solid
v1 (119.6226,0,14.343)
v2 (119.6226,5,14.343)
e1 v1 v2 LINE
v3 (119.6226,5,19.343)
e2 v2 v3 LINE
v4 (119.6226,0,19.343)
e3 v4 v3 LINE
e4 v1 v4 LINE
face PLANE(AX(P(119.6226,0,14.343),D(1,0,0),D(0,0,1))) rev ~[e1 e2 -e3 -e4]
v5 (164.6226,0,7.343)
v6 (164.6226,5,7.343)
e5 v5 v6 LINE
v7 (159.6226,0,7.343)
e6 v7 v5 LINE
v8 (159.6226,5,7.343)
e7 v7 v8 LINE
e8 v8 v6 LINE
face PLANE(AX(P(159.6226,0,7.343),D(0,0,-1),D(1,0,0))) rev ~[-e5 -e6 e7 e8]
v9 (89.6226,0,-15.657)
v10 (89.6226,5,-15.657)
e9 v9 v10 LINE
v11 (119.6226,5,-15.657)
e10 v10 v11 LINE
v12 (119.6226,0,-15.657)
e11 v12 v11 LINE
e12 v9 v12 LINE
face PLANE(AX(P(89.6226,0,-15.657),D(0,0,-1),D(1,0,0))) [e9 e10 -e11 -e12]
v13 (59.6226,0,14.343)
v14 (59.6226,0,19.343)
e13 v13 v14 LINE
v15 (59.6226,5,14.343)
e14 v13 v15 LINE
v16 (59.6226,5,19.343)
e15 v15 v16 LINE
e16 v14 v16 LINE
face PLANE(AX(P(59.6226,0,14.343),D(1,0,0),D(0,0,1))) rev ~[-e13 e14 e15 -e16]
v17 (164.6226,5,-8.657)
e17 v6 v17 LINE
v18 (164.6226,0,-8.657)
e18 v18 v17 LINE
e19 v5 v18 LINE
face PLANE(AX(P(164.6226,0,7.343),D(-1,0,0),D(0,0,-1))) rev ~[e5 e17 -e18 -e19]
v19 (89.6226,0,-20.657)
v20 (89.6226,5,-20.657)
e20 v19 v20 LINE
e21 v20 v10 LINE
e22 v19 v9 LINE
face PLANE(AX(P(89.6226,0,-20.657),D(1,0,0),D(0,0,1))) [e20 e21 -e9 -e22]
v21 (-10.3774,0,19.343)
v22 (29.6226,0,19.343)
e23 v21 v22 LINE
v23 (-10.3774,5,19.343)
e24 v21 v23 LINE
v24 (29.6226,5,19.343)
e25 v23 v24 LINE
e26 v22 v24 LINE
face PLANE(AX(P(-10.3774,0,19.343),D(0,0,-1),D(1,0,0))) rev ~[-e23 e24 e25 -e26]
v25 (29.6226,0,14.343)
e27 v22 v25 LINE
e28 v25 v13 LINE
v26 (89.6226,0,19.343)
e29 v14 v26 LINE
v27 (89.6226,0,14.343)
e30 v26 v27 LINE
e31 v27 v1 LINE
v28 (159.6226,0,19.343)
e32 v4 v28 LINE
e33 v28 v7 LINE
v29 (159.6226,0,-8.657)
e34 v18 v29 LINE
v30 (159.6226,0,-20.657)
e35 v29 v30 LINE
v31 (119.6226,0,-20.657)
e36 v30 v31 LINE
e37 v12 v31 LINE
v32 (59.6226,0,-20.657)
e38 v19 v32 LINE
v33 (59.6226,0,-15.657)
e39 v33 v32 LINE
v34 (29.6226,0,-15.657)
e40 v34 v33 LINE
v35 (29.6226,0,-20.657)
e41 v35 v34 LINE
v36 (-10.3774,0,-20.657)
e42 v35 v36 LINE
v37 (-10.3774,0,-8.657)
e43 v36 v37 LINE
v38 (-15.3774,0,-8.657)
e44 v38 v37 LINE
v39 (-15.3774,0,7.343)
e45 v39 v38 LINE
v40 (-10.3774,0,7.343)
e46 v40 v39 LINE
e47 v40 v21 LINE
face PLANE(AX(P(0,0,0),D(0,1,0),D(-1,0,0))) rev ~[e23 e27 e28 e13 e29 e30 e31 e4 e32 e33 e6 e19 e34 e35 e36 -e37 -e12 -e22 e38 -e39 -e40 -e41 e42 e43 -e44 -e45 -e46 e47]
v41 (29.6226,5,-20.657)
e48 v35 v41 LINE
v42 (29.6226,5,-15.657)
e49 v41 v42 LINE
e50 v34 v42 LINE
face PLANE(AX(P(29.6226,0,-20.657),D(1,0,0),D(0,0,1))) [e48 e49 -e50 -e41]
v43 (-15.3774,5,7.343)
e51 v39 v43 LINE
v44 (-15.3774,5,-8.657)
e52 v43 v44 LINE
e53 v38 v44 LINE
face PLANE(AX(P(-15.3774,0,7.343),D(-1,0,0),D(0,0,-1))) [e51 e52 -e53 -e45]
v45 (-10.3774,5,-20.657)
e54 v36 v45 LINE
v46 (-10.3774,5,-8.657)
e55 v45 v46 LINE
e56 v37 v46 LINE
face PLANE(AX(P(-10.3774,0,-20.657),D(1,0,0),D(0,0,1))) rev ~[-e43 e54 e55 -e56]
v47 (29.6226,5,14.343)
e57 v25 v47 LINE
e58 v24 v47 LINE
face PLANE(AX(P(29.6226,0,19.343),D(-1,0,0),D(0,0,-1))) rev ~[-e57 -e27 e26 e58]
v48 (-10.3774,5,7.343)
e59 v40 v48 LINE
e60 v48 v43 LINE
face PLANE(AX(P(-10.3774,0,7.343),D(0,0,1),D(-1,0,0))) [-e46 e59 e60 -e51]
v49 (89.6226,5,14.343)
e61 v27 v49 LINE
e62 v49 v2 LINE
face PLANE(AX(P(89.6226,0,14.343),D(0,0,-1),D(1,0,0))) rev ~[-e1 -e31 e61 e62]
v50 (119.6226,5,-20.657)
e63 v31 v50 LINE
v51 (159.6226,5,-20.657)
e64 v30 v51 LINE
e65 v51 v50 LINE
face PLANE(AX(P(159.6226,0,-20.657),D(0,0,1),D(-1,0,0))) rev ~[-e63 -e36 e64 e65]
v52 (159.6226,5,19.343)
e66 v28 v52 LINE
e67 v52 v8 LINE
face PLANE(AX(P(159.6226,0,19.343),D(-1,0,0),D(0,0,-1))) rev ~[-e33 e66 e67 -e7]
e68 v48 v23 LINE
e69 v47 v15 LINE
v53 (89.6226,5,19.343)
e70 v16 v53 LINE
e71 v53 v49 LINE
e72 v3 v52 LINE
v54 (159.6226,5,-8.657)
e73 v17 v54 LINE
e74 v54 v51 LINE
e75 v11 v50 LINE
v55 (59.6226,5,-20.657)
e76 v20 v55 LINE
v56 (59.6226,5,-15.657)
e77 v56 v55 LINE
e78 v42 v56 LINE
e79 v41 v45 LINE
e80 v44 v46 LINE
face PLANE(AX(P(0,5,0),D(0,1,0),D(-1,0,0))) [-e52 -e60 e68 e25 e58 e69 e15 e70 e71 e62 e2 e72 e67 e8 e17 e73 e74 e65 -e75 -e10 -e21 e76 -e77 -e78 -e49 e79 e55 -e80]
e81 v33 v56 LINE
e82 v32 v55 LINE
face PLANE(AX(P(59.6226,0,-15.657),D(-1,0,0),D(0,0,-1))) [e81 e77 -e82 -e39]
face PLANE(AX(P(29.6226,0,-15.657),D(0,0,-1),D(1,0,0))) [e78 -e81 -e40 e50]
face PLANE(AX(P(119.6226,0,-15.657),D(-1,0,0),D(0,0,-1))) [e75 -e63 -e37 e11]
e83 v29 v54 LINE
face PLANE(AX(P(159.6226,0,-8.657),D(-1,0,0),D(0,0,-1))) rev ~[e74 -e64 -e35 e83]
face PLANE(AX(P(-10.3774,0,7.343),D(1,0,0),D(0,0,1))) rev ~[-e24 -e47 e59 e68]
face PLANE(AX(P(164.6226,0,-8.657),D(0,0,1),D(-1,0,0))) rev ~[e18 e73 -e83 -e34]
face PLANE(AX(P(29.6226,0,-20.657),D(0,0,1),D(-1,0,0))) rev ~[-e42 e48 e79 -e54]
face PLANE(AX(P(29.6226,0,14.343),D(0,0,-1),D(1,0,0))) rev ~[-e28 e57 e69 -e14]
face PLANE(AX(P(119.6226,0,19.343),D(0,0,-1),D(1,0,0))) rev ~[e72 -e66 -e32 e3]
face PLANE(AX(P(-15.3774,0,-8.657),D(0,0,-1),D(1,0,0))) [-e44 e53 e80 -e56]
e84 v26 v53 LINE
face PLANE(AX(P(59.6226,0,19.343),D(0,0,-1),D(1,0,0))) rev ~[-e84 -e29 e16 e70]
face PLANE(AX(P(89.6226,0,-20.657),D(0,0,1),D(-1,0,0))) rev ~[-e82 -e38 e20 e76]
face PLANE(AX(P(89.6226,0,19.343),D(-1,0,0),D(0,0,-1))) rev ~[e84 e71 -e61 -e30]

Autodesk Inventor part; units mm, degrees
ref_plane "YZ Plane" through (0, 0, 0) normal (1, 0, 0) x (0, 1, 0)
ref_plane "XZ Plane" through (0, 0, 0) normal (0, 1, 0) x (-1, 0, 0)
ref_plane "XY Plane" through (0, 0, 0) normal (0, 0, 1) x (1, 0, 0)
sketch "Sketch1" plane through (0, 0, 0) normal (0, 1, 0) x (-1, 0, 0)
  line L0 (10.3774, 19.343) -> (-159.6226, 19.343)
  line L1 (-159.6226, 19.343) -> (-159.6226, -20.657)
  line L2 (-159.6226, -20.657) -> (10.3774, -20.657)
  line L3 (10.3774, -20.657) -> (10.3774, 19.343)
  line L4 (10.3774, 7.343) -> (15.3774, 7.343)
  line L5 (15.3774, 7.343) -> (15.3774, -8.657)
  line L6 (15.3774, -8.657) -> (10.3774, -8.657)
  line L7 (10.3774, -8.657) -> (10.3774, 7.343)
  line L8 (-159.6226, 7.343) -> (-164.6226, 7.343)
  line L9 (-164.6226, 7.343) -> (-164.6226, -8.657)
  line L10 (-164.6226, -8.657) -> (-159.6226, -8.657)
  line L11 (-159.6226, -8.657) -> (-159.6226, 7.343)
  line L12 (-119.6226, -20.657) -> (-89.6226, -20.657)
  line L13 (-89.6226, -20.657) -> (-89.6226, -15.657)
  line L14 (-89.6226, -15.657) -> (-119.6226, -15.657)
  line L15 (-119.6226, -15.657) -> (-119.6226, -20.657)
  line L16 (-59.6226, -20.657) -> (-29.6226, -20.657)
  line L17 (-29.6226, -20.657) -> (-29.6226, -15.657)
  line L18 (-29.6226, -15.657) -> (-59.6226, -15.657)
  line L19 (-59.6226, -15.657) -> (-59.6226, -20.657)
  line L20 (-159.6226, -0.657) -> (10.3774, -0.657) construction
  line L21 (-74.6226, 19.343) -> (-74.6226, -20.657) construction
  line L22 (-89.6226, 19.343) -> (-89.6226, 14.343)
  line L23 (-89.6226, 14.343) -> (-119.6226, 14.343)
  line L24 (-119.6226, 14.343) -> (-119.6226, 19.343)
  line L25 (-29.6226, 19.343) -> (-29.6226, 14.343)
  line L26 (-29.6226, 14.343) -> (-59.6226, 14.343)
  line L27 (-59.6226, 14.343) -> (-59.6226, 19.343)
  line L28 (-74.6226, -20.657) -> (-74.6226, 19.343) construction
  point P0 (0, 0)
  point P1 (10.3774, -8.657)
  point P2 (-159.6226, -8.657)
  point P3 (-89.6226, -20.657)
  point P4 (-29.6226, -20.657)
  point P5 (-29.6226, 19.343)
  point P6 (-59.6226, 19.343)
  point P7 (-89.6226, 19.343)
  point P8 (-119.6226, 19.343)
  dimension "d0" = 170
  dimension "d1" = 40
  dimension "d2" = 5
  dimension "d3" = 16
  dimension "d4" = 12
  dimension "d5" = 5
  dimension "d6" = 16
  dimension "d7" = 12
  dimension "d17" = 30
  dimension "d18" = 5
  dimension "d19" = 30
  dimension "d20" = 30
  dimension "d21" = 15
extrude "Extrusion1" add sketch "Sketch1" along normal blind 5 contours L3 L2 L17 L18 L19 L13 L14 L15 L1 L0 L24 L23 L22 L27 L26 L25 | L4 L5 L6 L3 | L1 L10 L9 L8
equation "\"d3\" = d6"
equation "\"d7\" = d4"
properties part number "Superior 1"
